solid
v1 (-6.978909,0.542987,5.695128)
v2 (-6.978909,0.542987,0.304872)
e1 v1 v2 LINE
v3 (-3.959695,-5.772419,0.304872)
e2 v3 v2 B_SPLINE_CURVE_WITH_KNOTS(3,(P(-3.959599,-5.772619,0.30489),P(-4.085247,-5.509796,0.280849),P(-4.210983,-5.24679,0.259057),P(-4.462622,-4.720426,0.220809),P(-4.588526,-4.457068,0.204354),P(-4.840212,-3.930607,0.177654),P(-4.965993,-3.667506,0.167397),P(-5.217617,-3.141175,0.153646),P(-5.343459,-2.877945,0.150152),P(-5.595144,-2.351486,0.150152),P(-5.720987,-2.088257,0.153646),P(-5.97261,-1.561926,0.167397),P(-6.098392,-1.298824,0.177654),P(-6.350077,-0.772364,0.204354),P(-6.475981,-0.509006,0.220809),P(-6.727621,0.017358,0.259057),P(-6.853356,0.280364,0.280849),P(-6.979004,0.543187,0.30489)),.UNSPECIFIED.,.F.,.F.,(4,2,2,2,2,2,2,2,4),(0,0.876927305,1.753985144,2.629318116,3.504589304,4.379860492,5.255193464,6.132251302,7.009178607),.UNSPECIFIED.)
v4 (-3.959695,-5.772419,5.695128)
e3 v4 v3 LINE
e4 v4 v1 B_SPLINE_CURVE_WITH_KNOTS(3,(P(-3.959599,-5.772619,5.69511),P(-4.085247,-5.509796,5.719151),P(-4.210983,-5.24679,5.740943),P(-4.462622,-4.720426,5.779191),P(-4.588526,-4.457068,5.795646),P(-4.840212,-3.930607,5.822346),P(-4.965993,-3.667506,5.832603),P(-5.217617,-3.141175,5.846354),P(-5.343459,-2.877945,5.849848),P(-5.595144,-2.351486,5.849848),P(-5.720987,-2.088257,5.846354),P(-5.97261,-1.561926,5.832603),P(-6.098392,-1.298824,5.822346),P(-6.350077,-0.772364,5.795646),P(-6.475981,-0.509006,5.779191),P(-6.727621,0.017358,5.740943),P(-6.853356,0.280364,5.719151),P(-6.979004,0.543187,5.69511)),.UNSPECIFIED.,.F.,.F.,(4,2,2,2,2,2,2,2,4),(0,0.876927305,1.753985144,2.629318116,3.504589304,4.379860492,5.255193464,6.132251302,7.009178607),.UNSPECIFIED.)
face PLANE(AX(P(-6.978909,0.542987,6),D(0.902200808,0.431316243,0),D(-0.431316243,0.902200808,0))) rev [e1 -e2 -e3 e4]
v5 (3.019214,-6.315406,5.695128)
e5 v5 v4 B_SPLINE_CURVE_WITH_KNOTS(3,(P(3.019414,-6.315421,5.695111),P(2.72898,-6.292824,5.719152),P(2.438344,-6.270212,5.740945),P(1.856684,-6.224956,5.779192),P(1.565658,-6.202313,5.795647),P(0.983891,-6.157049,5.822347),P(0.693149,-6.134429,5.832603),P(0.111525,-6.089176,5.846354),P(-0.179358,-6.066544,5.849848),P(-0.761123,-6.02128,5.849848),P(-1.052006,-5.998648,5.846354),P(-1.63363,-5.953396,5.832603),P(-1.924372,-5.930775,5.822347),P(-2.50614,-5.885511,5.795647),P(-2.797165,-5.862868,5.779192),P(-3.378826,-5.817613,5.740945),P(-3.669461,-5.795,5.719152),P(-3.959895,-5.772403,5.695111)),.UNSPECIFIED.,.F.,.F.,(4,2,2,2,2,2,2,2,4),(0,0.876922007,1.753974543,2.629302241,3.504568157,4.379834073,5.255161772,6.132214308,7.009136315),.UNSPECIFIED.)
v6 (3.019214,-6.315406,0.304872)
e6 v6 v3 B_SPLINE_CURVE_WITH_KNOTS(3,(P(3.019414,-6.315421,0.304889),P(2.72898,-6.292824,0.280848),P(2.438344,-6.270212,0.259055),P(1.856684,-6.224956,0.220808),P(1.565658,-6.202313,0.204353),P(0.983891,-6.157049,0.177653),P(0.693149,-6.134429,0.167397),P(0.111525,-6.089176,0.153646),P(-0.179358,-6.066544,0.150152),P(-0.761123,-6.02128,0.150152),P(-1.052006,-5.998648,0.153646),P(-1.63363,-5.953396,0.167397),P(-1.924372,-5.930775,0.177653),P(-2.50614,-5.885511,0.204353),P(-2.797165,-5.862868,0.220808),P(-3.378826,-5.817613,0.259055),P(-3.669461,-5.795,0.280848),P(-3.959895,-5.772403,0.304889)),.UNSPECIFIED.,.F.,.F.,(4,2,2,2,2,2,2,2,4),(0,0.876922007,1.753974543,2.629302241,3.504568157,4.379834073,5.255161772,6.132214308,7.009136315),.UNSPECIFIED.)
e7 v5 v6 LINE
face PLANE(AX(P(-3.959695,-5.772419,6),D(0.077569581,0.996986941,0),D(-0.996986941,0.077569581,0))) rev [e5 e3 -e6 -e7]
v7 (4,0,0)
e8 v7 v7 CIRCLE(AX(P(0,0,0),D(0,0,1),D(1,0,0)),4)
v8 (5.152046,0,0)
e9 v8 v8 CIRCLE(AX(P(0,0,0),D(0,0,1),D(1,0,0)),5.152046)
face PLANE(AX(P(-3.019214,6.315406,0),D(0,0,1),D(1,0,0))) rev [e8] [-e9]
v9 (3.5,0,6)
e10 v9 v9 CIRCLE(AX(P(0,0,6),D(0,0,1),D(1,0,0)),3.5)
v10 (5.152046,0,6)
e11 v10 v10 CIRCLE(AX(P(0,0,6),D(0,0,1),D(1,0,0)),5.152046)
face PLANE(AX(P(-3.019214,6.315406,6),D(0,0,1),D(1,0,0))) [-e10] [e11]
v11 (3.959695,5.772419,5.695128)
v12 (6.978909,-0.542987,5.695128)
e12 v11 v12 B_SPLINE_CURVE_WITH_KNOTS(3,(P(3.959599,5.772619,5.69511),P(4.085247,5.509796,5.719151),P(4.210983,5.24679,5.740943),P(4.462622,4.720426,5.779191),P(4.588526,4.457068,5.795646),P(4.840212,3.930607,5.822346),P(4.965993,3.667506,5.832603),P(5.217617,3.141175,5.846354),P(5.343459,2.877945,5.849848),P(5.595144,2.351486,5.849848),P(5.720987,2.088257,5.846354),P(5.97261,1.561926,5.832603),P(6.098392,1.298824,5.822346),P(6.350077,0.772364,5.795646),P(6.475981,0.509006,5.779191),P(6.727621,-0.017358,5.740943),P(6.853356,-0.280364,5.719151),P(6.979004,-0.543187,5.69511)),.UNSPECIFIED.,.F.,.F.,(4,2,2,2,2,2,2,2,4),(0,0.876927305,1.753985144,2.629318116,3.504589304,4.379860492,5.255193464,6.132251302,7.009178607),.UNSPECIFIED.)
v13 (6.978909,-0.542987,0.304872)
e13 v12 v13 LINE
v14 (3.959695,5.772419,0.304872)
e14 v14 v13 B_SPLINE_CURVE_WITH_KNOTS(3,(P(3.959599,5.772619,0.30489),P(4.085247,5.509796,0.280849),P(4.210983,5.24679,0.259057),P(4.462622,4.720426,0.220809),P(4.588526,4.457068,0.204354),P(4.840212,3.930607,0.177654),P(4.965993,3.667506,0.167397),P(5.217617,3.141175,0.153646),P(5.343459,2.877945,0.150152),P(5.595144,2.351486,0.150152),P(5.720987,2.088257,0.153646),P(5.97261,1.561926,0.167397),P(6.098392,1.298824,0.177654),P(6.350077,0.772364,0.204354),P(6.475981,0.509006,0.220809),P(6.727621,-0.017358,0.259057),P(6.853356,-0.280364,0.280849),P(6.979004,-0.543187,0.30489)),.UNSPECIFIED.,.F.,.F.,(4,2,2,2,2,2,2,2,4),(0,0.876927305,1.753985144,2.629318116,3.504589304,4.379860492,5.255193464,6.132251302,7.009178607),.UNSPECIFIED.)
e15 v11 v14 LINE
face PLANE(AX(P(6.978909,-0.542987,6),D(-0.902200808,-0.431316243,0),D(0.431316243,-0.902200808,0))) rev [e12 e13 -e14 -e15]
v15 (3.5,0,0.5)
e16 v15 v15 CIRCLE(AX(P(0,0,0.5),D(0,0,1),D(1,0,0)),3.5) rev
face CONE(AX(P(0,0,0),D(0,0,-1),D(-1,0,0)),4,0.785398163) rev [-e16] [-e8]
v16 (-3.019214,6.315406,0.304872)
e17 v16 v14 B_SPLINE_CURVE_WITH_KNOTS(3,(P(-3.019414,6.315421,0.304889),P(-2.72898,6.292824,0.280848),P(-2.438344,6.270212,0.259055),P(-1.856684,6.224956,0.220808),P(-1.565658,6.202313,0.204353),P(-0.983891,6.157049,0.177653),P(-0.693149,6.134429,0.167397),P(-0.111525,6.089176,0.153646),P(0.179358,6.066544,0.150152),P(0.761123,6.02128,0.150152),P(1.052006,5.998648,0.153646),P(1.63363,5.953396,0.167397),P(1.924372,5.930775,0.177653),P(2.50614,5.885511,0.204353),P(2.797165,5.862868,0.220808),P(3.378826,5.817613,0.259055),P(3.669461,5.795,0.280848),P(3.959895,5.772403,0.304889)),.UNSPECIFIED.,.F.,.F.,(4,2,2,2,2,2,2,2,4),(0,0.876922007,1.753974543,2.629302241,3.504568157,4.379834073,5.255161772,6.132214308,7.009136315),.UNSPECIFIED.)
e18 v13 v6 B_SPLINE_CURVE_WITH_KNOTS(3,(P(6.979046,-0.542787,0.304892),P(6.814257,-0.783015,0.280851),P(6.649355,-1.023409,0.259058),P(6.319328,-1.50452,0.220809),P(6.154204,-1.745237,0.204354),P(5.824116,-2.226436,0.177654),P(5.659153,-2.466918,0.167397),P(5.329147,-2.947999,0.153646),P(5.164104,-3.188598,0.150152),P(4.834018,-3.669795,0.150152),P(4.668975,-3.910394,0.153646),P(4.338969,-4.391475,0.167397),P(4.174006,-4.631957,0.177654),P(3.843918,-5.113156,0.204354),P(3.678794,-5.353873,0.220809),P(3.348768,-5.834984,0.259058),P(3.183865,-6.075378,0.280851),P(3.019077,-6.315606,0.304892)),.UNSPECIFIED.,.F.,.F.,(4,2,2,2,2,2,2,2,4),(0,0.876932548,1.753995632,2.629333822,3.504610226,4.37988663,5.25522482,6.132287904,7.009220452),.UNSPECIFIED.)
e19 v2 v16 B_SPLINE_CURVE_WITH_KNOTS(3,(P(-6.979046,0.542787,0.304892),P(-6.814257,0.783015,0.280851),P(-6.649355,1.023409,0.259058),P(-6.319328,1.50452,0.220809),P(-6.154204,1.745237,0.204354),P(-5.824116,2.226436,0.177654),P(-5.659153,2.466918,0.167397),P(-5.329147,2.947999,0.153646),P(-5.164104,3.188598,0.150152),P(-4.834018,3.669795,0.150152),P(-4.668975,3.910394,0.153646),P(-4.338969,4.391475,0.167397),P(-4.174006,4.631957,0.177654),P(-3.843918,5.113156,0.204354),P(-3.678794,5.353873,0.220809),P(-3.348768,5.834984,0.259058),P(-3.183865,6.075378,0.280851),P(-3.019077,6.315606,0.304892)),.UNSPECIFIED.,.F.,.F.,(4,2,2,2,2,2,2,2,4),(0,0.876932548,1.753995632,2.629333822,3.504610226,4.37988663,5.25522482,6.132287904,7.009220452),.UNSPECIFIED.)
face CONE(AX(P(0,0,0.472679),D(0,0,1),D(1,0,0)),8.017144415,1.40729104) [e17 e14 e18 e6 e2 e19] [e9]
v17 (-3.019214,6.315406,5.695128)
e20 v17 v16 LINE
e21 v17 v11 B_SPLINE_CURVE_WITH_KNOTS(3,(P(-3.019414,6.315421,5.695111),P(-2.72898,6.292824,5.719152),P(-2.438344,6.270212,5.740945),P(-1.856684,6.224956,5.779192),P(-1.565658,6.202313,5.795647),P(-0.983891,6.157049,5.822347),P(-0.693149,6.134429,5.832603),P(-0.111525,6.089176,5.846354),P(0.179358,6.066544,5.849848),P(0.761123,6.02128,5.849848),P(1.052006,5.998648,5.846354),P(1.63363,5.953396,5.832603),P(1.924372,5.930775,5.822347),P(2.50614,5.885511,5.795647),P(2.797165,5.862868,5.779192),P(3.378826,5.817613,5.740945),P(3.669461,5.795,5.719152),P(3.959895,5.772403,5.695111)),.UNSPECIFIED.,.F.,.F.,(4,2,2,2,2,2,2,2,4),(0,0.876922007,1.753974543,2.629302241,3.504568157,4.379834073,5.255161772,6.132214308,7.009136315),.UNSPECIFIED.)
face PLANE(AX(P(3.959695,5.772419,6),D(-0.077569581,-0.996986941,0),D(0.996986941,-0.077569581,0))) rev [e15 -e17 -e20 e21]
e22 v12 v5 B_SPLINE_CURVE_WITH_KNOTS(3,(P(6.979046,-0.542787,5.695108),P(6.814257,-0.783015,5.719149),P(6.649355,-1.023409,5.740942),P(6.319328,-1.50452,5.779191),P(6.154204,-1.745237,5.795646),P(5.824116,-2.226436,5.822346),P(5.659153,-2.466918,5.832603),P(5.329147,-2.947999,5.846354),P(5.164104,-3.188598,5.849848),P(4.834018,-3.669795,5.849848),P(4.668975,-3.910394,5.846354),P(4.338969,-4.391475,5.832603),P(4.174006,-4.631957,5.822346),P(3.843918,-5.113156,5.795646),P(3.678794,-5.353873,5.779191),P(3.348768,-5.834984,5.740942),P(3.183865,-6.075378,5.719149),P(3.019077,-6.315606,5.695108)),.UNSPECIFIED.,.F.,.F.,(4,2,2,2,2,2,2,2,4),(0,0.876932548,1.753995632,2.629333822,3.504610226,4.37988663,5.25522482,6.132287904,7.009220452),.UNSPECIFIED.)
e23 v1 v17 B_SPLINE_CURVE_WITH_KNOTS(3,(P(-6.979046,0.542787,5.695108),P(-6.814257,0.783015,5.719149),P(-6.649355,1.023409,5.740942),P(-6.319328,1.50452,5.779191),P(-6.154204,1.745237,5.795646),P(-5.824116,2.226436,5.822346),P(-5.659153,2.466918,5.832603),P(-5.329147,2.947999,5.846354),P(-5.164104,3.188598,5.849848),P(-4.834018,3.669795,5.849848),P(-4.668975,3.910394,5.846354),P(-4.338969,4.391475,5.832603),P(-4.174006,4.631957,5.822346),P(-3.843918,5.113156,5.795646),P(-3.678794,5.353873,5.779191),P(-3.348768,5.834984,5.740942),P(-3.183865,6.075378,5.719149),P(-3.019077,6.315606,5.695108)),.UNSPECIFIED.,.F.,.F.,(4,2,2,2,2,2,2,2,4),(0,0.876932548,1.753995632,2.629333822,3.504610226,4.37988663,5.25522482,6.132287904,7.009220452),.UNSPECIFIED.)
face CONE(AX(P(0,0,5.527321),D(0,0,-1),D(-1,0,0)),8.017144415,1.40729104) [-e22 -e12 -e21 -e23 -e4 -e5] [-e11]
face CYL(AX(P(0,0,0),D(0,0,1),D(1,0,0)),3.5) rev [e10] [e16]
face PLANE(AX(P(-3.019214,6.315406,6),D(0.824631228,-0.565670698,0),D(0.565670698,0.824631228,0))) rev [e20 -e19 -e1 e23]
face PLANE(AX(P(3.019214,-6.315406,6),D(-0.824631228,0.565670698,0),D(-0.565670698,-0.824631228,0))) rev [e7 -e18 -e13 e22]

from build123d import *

# Parameters (mm, degrees)
EXTRUDE_1_DEPTH     = 6
SKETCH_5_R          = 3.5
CUT_EXTRUDE_2_DEPTH = 7
CHAMFER_1_SIZE      = 0.5


with BuildPart() as part:
    # Эскиз1 → Вытянуть1 (new body)
    with BuildSketch(Plane.XY):
        Polygon((-3.019213701, 6.315405658), (-6.978908586, 0.542987065), (-3.959694885, -5.772418593), (3.019213701, -6.315405658), (6.978908586, -0.542987065), (3.959694885, 5.772418593), align=None)
    extrude(amount=EXTRUDE_1_DEPTH)

    # Вырез-По траектории1: sweep along a path in Эскиз3
    with BuildLine(Plane(origin=(0, 0, 0), x_dir=(-1, 0, 0), z_dir=(0, 0, -1))) as sweep_1_path:
        CenterArc((0, 0), 4.80754516, 0, 360)
    # Эскиз4 → Вырез-По траектории1 (sweep, cut)
    with BuildSketch(Plane(origin=(0, 0, 0), x_dir=(1, 0, 0), z_dir=(0, 1, 0))):
        Polygon((-5.152045548, 0), (-8.017144415, -0.472678529), (-8.017144415, 0.689853389), align=None)
    sweep_1 = sweep(path=sweep_1_path.line, mode=Mode.SUBTRACT)

    # Зеркальное отражение1: Вырез-По траектории1 across plane
    add(sweep_1.mirror(Plane(origin=(0, 0, 3), x_dir=(1, 0, 0), z_dir=(0, 0, -1))), mode=Mode.SUBTRACT)

    # Эскиз5 → Вытянуть2 (cut, through all)
    with BuildSketch(Plane.XY.offset(6)):
        Circle(SKETCH_5_R)
    extrude(amount=-CUT_EXTRUDE_2_DEPTH, mode=Mode.SUBTRACT)

    # Фаска1
    chamfer_1_edges = [part.edges().sort_by_distance(p)[0] for p in [
        (-3.5, 0, 0),
    ]]
    chamfer(chamfer_1_edges, length=CHAMFER_1_SIZE)


solid = part.part
